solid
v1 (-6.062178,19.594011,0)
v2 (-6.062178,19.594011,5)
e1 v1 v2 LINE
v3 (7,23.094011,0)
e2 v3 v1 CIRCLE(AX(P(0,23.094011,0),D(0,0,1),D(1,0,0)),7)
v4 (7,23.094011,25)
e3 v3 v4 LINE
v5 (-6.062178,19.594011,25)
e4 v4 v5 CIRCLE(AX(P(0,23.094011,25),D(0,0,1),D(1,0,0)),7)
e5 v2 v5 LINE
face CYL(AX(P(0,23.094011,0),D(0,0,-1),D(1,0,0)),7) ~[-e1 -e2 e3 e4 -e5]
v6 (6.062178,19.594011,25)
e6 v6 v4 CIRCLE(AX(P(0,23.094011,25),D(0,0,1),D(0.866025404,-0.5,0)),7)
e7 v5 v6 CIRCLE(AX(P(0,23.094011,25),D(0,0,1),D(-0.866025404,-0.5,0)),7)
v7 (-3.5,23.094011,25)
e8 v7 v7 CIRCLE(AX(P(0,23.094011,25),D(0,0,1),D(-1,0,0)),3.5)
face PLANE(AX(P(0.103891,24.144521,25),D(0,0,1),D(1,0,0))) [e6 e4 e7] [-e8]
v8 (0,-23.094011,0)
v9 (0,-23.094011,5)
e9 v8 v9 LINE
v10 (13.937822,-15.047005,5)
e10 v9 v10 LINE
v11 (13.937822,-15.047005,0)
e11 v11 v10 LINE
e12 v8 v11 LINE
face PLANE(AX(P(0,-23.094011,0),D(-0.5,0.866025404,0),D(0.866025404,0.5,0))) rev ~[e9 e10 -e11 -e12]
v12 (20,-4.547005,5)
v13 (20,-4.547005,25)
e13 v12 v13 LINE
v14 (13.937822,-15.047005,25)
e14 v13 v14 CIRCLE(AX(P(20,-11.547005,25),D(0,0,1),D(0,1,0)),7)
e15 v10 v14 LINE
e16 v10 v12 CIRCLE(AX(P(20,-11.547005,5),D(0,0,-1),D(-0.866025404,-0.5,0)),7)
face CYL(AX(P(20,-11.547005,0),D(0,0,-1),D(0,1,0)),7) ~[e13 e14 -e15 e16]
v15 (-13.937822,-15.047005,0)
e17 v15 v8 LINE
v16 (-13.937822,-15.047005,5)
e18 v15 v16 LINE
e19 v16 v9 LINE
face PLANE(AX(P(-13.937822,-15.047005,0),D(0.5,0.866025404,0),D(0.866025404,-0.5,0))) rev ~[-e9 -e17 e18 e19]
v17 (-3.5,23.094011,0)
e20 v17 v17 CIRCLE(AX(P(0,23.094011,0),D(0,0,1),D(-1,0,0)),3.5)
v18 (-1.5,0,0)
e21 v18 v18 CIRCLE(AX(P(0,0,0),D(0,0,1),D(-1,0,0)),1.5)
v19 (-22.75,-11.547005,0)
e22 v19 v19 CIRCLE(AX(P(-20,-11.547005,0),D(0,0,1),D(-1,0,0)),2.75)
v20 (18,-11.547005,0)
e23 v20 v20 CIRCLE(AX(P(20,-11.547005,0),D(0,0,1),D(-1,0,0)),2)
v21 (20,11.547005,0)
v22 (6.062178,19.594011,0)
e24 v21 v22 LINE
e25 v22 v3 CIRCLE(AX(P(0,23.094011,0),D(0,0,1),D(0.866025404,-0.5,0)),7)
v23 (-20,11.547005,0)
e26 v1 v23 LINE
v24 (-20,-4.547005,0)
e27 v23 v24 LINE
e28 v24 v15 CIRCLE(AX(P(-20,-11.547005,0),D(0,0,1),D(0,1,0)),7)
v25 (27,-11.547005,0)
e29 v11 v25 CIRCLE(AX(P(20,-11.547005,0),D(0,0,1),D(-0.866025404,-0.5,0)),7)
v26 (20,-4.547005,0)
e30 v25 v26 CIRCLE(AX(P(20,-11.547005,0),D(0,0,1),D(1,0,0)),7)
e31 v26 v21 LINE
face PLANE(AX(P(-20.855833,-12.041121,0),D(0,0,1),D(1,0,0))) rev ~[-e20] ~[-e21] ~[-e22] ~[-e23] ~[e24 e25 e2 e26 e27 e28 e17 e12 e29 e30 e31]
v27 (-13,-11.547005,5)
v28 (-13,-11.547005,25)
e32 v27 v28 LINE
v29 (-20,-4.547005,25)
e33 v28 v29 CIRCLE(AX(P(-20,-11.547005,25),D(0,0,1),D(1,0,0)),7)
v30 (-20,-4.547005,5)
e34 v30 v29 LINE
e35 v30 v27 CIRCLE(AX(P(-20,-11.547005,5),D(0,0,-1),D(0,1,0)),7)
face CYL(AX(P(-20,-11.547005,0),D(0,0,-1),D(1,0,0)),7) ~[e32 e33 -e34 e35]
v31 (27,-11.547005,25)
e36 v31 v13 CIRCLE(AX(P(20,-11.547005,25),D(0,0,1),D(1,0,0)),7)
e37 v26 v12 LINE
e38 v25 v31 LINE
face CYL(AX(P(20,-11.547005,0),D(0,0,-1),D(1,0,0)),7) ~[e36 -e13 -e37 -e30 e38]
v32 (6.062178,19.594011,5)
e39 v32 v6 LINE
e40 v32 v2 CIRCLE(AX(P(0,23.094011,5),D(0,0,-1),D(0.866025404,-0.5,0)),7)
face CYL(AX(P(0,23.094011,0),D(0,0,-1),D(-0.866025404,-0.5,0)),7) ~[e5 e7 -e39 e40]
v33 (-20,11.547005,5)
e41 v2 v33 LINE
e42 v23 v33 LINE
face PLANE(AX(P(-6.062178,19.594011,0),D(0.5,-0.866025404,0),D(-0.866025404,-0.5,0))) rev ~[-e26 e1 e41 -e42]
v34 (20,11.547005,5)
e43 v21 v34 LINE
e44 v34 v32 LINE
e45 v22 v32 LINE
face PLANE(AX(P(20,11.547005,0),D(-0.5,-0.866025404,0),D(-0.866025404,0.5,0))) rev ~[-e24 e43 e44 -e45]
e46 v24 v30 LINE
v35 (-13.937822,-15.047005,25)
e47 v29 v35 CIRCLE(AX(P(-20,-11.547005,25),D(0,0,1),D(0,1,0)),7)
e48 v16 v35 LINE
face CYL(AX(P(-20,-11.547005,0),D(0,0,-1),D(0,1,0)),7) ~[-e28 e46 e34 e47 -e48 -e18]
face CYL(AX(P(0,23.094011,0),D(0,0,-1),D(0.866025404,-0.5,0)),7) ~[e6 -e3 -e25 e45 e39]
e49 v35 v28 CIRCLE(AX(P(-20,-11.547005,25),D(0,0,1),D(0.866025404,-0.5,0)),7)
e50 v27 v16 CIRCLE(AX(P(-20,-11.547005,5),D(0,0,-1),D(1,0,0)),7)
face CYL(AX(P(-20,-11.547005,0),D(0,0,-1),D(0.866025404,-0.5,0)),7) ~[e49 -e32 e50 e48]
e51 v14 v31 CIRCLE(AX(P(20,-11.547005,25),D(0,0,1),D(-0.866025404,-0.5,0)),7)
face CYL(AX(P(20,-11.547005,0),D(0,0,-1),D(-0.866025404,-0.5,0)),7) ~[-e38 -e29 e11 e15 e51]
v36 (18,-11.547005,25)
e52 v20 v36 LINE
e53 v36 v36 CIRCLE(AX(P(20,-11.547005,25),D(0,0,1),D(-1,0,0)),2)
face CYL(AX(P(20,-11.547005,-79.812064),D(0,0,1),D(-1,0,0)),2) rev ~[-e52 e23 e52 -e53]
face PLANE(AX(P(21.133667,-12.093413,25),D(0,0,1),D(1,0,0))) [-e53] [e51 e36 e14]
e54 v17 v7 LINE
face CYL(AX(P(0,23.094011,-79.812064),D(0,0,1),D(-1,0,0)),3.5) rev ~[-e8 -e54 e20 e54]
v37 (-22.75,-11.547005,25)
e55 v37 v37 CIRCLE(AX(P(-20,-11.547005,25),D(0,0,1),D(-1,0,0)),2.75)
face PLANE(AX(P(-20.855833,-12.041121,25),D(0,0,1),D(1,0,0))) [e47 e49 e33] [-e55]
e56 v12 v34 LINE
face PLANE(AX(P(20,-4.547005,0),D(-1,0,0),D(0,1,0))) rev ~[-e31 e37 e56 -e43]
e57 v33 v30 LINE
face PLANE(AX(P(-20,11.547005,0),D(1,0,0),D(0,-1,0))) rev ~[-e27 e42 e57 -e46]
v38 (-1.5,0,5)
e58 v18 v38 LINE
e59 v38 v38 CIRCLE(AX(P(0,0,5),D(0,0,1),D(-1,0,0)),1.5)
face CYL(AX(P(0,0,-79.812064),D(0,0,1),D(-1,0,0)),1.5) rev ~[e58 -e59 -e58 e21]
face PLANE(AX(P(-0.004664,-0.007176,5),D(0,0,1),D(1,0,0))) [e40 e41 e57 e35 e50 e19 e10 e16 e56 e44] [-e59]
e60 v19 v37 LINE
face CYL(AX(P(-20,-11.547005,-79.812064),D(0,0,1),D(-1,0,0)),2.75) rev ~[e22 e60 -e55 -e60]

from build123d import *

# Parameters (mm, degrees)
F1_DEPTH = 5
F2_DEPTH = 25
F3_D     = 7
F4_D     = 5.5
F5_D     = 4
F6_D     = 3


with BuildPart() as f1:
    # F0 (on Top) → F1 (new body)
    with BuildSketch(Plane.XY):
        with BuildLine():
            Line((20, -4.5470053838), (20, 11.5470053838))
            Line((20, 11.5470053838), (6.0621778265, 19.5940107676))
            ThreePointArc((6.0621778265, 19.5940107676), (0, 16.0940107676), (-6.0621778265, 19.5940107676))
            Line((-6.0621778265, 19.5940107676), (-20, 11.5470053838))
            Line((-20, 11.5470053838), (-20, -4.5470053838))
            ThreePointArc((-20, -4.5470053838), (-15.0502525317, -6.5972579155), (-13, -11.5470053838))
            ThreePointArc((-13, -11.5470053838), (-13.238519216, -13.3587386995), (-13.9378221735, -15.0470053838))
            Line((-13.9378221735, -15.0470053838), (0, -23.0940107676))
            Line((0, -23.0940107676), (13.9378221735, -15.0470053838))
            ThreePointArc((13.9378221735, -15.0470053838), (13.9378221735, -8.0470053838), (20, -4.5470053838))
        make_face()
    extrude(amount=F1_DEPTH)

    # F0 (on Top) → F2 (join)
    with BuildSketch(Plane.XY):
        with BuildLine():
            ThreePointArc((-20, -4.5470053838), (-26.0621778265, -15.0470053838), (-13.9378221735, -15.0470053838))
            Line((-13.9378221735, -15.0470053838), (-20, -11.5470053838))
            Line((-20, -11.5470053838), (-20, -4.5470053838))
        make_face()
        with BuildLine():
            Line((-20, -11.5470053838), (-13.9378221735, -15.0470053838))
            ThreePointArc((-13.9378221735, -15.0470053838), (-13.238519216, -13.3587386995), (-13, -11.5470053838))
            ThreePointArc((-13, -11.5470053838), (-15.0502525317, -6.5972579155), (-20, -4.5470053838))
            Line((-20, -4.5470053838), (-20, -11.5470053838))
        make_face()
        with BuildLine():
            Line((0, 23.0940107676), (6.0621778265, 19.5940107676))
            ThreePointArc((6.0621778265, 19.5940107676), (6.761480784, 21.2822774519), (7, 23.0940107676))
            ThreePointArc((7, 23.0940107676), (-1.8117333157, 29.8554915516), (-6.0621778265, 19.5940107676))
            Line((-6.0621778265, 19.5940107676), (0, 23.0940107676))
        make_face()
        with BuildLine():
            ThreePointArc((-6.0621778265, 19.5940107676), (0, 16.0940107676), (6.0621778265, 19.5940107676))
            Line((6.0621778265, 19.5940107676), (0, 23.0940107676))
            Line((0, 23.0940107676), (-6.0621778265, 19.5940107676))
        make_face()
        with BuildLine():
            ThreePointArc((27, -11.5470053838), (24.9497474683, -6.5972579155), (20, -4.5470053838))
            Line((20, -4.5470053838), (20, -11.5470053838))
            Line((20, -11.5470053838), (13.9378221735, -15.0470053838))
            ThreePointArc((13.9378221735, -15.0470053838), (21.8117333157, -18.3084861678), (27, -11.5470053838))
        make_face()
        with BuildLine():
            Line((20, -11.5470053838), (20, -4.5470053838))
            ThreePointArc((20, -4.5470053838), (13.9378221735, -8.0470053838), (13.9378221735, -15.0470053838))
            Line((13.9378221735, -15.0470053838), (20, -11.5470053838))
        make_face()
    extrude(amount=F2_DEPTH)

    # F3 (through all)
    with Locations(Plane(origin=(0, 0, 0), x_dir=(1, 0, 0), z_dir=(0, 0, -1))):
        with Locations((0, -23.0940107676)):
            Hole(F3_D / 2)

    # F4 (through all)
    with Locations(Plane(origin=(0, 0, 0), x_dir=(1, 0, 0), z_dir=(0, 0, -1))):
        with Locations((-20, 11.5470053838)):
            Hole(F4_D / 2)

    # F5 (through all)
    with Locations(Plane(origin=(0, 0, 0), x_dir=(1, 0, 0), z_dir=(0, 0, -1))):
        with Locations((20, 11.5470053838)):
            Hole(F5_D / 2)

    # F6 (through all)
    with Locations(Plane(origin=(0, 0, 0), x_dir=(1, 0, 0), z_dir=(0, 0, -1))):
        with Locations((0, 0)):
            Hole(F6_D / 2)


solid = f1.part
